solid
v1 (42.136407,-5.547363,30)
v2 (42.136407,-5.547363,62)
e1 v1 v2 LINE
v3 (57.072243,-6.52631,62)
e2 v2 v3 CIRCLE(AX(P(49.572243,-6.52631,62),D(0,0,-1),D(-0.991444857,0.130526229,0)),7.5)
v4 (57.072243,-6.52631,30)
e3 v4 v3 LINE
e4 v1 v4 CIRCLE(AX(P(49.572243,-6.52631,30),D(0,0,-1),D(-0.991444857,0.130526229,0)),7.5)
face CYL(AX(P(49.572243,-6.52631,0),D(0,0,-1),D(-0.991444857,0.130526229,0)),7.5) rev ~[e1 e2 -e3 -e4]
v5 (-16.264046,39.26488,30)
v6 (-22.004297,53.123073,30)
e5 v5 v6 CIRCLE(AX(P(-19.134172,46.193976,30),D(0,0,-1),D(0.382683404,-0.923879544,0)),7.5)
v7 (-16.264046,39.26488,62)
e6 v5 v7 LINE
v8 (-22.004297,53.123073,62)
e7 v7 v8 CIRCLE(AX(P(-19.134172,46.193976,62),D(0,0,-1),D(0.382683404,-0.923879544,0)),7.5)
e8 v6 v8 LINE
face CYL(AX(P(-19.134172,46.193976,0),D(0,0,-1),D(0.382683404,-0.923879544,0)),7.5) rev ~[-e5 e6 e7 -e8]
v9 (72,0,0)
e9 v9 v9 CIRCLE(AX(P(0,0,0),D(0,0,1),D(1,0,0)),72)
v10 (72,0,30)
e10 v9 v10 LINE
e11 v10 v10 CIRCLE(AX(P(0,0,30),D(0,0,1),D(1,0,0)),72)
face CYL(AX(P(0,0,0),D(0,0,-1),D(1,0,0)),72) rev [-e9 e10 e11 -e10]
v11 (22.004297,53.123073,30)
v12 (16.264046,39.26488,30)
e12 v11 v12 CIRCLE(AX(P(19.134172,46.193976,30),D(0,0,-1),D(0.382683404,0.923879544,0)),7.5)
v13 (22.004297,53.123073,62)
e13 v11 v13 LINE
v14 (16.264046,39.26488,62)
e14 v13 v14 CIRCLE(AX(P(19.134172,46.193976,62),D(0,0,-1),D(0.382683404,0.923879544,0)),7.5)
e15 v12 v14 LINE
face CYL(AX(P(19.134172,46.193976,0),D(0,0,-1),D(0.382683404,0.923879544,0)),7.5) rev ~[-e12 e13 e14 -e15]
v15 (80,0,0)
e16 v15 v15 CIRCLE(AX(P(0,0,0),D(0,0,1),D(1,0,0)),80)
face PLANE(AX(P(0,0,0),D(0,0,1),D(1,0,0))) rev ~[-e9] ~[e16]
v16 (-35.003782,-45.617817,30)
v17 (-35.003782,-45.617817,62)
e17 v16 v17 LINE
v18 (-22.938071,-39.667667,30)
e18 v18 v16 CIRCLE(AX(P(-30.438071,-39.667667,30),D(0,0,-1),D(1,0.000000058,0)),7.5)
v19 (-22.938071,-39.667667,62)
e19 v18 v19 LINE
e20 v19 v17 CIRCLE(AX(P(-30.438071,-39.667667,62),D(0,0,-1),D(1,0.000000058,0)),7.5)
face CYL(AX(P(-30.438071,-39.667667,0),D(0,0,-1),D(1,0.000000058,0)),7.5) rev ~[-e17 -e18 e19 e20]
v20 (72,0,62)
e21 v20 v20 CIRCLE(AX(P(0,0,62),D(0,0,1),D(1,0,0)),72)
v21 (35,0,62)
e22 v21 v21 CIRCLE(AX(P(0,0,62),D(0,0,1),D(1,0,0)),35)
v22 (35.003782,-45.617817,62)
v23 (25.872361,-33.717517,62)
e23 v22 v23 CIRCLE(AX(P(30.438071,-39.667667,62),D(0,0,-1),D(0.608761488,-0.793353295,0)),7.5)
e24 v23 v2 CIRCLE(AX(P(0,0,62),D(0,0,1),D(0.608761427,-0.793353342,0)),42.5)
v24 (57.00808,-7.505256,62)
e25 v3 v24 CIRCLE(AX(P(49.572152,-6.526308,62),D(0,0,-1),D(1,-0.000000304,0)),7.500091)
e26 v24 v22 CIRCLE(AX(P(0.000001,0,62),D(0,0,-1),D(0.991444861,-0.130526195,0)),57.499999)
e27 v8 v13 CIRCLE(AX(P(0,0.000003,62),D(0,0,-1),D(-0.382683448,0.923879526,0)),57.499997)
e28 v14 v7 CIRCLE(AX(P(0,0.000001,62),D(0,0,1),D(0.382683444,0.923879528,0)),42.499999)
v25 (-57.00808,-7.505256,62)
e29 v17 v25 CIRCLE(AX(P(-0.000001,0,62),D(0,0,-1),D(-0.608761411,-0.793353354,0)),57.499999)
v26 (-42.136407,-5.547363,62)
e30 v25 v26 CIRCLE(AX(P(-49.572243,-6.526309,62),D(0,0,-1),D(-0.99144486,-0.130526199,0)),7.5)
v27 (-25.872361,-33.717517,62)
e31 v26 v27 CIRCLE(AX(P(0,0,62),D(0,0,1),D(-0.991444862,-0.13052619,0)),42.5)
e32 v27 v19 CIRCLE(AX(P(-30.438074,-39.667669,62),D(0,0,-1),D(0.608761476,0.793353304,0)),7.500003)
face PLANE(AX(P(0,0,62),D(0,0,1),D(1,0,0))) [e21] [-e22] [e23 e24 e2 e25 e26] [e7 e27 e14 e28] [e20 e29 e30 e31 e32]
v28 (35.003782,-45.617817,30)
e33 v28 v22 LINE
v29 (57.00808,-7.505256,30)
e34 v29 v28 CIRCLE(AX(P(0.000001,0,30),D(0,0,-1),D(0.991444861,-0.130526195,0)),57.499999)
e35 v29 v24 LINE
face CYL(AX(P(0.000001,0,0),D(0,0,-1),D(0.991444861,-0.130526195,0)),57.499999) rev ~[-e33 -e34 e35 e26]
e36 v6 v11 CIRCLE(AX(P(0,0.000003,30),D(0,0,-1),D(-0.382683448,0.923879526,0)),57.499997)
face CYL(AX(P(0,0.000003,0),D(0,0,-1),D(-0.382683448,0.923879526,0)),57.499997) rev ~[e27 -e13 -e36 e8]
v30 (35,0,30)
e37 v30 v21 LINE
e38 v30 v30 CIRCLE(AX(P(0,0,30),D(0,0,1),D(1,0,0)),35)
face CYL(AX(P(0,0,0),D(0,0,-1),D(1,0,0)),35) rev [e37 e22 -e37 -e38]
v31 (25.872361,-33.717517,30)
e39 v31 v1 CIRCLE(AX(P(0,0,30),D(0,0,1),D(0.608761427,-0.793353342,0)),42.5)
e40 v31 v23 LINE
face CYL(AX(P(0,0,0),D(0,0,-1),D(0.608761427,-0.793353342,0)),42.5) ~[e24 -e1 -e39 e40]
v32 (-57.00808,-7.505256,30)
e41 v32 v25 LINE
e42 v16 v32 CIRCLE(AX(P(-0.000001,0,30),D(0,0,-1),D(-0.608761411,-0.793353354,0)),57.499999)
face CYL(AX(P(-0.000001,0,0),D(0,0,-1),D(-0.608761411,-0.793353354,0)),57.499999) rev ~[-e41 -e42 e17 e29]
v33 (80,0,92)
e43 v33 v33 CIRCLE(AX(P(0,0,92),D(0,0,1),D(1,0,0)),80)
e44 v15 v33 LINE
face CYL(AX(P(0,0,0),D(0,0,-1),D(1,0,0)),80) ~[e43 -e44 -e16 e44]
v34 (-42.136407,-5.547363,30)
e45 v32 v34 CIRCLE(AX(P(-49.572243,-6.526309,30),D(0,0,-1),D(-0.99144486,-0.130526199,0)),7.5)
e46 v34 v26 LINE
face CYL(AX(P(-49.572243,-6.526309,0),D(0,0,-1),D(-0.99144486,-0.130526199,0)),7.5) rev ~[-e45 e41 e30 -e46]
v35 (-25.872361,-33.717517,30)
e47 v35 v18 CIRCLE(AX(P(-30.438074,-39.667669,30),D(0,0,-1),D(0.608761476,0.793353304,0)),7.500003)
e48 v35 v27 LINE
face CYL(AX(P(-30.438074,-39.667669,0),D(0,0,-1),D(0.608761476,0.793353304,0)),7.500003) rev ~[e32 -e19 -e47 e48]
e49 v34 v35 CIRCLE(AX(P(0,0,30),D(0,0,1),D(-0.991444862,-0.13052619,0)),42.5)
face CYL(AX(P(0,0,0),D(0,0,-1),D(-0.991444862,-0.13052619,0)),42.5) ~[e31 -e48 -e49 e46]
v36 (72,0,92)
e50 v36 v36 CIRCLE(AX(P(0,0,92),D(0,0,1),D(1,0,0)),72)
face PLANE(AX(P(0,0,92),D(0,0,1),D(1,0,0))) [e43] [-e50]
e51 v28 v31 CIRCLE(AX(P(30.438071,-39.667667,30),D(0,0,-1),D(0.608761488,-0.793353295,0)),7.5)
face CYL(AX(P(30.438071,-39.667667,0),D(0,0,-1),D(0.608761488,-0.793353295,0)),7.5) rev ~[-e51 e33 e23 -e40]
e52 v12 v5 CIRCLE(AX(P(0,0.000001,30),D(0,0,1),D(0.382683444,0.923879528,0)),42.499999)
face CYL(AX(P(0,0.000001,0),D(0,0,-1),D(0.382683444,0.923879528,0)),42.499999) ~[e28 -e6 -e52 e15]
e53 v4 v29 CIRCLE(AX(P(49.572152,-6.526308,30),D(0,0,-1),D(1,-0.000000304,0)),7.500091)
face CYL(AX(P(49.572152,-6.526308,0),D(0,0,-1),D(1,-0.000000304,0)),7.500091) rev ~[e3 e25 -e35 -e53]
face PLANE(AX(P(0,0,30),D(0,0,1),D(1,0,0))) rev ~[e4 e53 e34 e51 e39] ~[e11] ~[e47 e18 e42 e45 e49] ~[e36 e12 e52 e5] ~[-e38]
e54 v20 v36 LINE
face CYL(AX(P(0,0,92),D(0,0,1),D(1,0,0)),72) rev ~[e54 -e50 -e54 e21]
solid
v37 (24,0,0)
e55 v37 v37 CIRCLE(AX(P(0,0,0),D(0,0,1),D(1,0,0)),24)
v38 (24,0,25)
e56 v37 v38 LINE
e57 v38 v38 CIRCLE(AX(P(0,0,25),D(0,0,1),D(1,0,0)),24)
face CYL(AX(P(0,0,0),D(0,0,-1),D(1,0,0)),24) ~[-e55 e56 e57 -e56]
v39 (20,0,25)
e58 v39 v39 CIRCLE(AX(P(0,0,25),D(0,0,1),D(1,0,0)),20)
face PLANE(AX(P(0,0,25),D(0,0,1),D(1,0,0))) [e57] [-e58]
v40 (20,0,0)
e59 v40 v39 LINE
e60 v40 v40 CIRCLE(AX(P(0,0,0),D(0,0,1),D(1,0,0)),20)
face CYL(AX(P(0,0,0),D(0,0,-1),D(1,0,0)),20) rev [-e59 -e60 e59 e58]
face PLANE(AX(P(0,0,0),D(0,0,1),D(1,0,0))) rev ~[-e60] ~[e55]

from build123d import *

# Parameters (mm, degrees)
F0_R      = 80
F0_R_2    = 72
F1_DEPTH  = 92
F0_R_3    = 35
F2_DEPTH  = 92
F3_DEPTH  = 30
F4_R      = 72
F4_R_2    = 35
F5_DEPTH  = 30
F6_R      = 72
F6_R_2    = 35
F7_DEPTH  = 25
F8_DEPTH  = 30
F9_R      = 24
F9_R_2    = 20
F10_DEPTH = 25


with BuildPart() as f1:
    # F0 (on Top) → F1 (new body)
    with BuildSketch(Plane.XY):
        Circle(F0_R)
        Circle(F0_R_2, mode=Mode.SUBTRACT)
    extrude(amount=F1_DEPTH)

    # F0 (on Top) → F2 (join)
    with BuildSketch(Plane.XY):
        Circle(F0_R)
        Circle(F0_R_2, mode=Mode.SUBTRACT)
        Circle(F0_R_2)
        with BuildLine():
            ThreePointArc((-25.872361, -33.717517), (-23.711526, -36.350502), (-22.938071, -39.667667))
            ThreePointArc((-22.938071, -39.667667), (-27.120906, -46.394213), (-35.003782, -45.617817))
            ThreePointArc((-35.003782, -45.617817), (-49.796461, -28.75), (-57.00808, -7.505256))
            ThreePointArc((-57.00808, -7.505256), (-50.55119, 0.909527), (-42.136407, -5.547363))
            ThreePointArc((-42.136407, -5.547363), (-36.80608, -21.25), (-25.872361, -33.717517))
        make_face(mode=Mode.SUBTRACT)
        with BuildLine():
            ThreePointArc((42.136407, -5.547363), (50.062767, 0.957632), (57.072243, -6.52631))
            ThreePointArc((57.072243, -6.52631), (57.056185, -7.016833), (57.00808, -7.505256))
            ThreePointArc((57.00808, -7.505256), (49.796461, -28.75), (35.003782, -45.617817))
            ThreePointArc((35.003782, -45.617817), (24.487921, -44.233378), (25.872361, -33.717517))
            ThreePointArc((25.872361, -33.717517), (36.80608, -21.25), (42.136407, -5.547363))
        make_face(mode=Mode.SUBTRACT)
        with BuildLine():
            ThreePointArc((-16.264046, 39.26488), (-26.063268, 43.323851), (-22.004297, 53.123073))
            ThreePointArc((-22.004297, 53.123073), (0, 57.5), (22.004297, 53.123073))
            ThreePointArc((22.004297, 53.123073), (26.063268, 43.323851), (16.264046, 39.26488))
            ThreePointArc((16.264046, 39.26488), (0, 42.5), (-16.264046, 39.26488))
        make_face(mode=Mode.SUBTRACT)
        Circle(F0_R_3, mode=Mode.SUBTRACT)
    extrude(amount=F2_DEPTH)

    # F0 (on Top) → F3 (cut)
    with BuildSketch(Plane.XY):
        Circle(F0_R_2)
        with BuildLine():
            ThreePointArc((-25.872361, -33.717517), (-23.711526, -36.350502), (-22.938071, -39.667667))
            ThreePointArc((-22.938071, -39.667667), (-27.120906, -46.394213), (-35.003782, -45.617817))
            ThreePointArc((-35.003782, -45.617817), (-49.796461, -28.75), (-57.00808, -7.505256))
            ThreePointArc((-57.00808, -7.505256), (-50.55119, 0.909527), (-42.136407, -5.547363))
            ThreePointArc((-42.136407, -5.547363), (-36.80608, -21.25), (-25.872361, -33.717517))
        make_face(mode=Mode.SUBTRACT)
        with BuildLine():
            ThreePointArc((42.136407, -5.547363), (50.062767, 0.957632), (57.072243, -6.52631))
            ThreePointArc((57.072243, -6.52631), (57.056185, -7.016833), (57.00808, -7.505256))
            ThreePointArc((57.00808, -7.505256), (49.796461, -28.75), (35.003782, -45.617817))
            ThreePointArc((35.003782, -45.617817), (24.487921, -44.233378), (25.872361, -33.717517))
            ThreePointArc((25.872361, -33.717517), (36.80608, -21.25), (42.136407, -5.547363))
        make_face(mode=Mode.SUBTRACT)
        with BuildLine():
            ThreePointArc((-16.264046, 39.26488), (-26.063268, 43.323851), (-22.004297, 53.123073))
            ThreePointArc((-22.004297, 53.123073), (0, 57.5), (22.004297, 53.123073))
            ThreePointArc((22.004297, 53.123073), (26.063268, 43.323851), (16.264046, 39.26488))
            ThreePointArc((16.264046, 39.26488), (0, 42.5), (-16.264046, 39.26488))
        make_face(mode=Mode.SUBTRACT)
        Circle(F0_R_3, mode=Mode.SUBTRACT)
    extrude(amount=F3_DEPTH, mode=Mode.SUBTRACT)

    # F4 (on face) → F5 (cut)
    with BuildSketch(Plane.XY):
        Circle(F4_R)
        with BuildLine():
            ThreePointArc((-57.00808, -7.505256), (-50.55119, 0.909527), (-42.136407, -5.547363))
            ThreePointArc((-42.136407, -5.547363), (-36.80608, -21.25), (-25.872361, -33.717517))
            ThreePointArc((-25.872361, -33.717517), (-23.711526, -36.350502), (-22.938071, -39.667667))
            ThreePointArc((-22.938071, -39.667667), (-27.120906, -46.394213), (-35.003782, -45.617817))
            ThreePointArc((-35.003782, -45.617817), (-49.796461, -28.75), (-57.00808, -7.505256))
        make_face(mode=Mode.SUBTRACT)
        with BuildLine():
            ThreePointArc((35.003782, -45.617817), (24.487921, -44.233378), (25.872361, -33.717517))
            ThreePointArc((25.872361, -33.717517), (36.80608, -21.25), (42.136407, -5.547363))
            ThreePointArc((42.136407, -5.547363), (50.062767, 0.957632), (57.072243, -6.52631))
            ThreePointArc((57.072243, -6.52631), (57.056185, -7.016833), (57.00808, -7.505256))
            ThreePointArc((57.00808, -7.505256), (49.796461, -28.75), (35.003782, -45.617817))
        make_face(mode=Mode.SUBTRACT)
        with BuildLine():
            ThreePointArc((22.004297, 53.123073), (26.063268, 43.323851), (16.264046, 39.26488))
            ThreePointArc((16.264046, 39.26488), (0, 42.5), (-16.264046, 39.26488))
            ThreePointArc((-16.264046, 39.26488), (-26.063268, 43.323851), (-22.004297, 53.123073))
            ThreePointArc((-22.004297, 53.123073), (0, 57.5), (22.004297, 53.123073))
        make_face(mode=Mode.SUBTRACT)
        Circle(F4_R_2, mode=Mode.SUBTRACT)
    extrude(amount=F5_DEPTH, mode=Mode.SUBTRACT)

    # F6 (on face) → F7 (cut)
    with BuildSketch(Plane.XY.offset(92)):
        Circle(F6_R)
        with BuildLine():
            ThreePointArc((-57.00808, -7.505256), (-50.55119, 0.909527), (-42.136407, -5.547363))
            ThreePointArc((-42.136407, -5.547363), (-36.80608, -21.25), (-25.872361, -33.717517))
            ThreePointArc((-25.872361, -33.717517), (-23.711526, -36.350502), (-22.938071, -39.667667))
            ThreePointArc((-22.938071, -39.667667), (-27.120906, -46.394213), (-35.003782, -45.617817))
            ThreePointArc((-35.003782, -45.617817), (-49.796461, -28.75), (-57.00808, -7.505256))
        make_face(mode=Mode.SUBTRACT)
        with BuildLine():
            ThreePointArc((35.003782, -45.617817), (24.487921, -44.233378), (25.872361, -33.717517))
            ThreePointArc((25.872361, -33.717517), (36.80608, -21.25), (42.136407, -5.547363))
            ThreePointArc((42.136407, -5.547363), (50.062767, 0.957632), (57.072243, -6.52631))
            ThreePointArc((57.072243, -6.52631), (57.056185, -7.016833), (57.00808, -7.505256))
            ThreePointArc((57.00808, -7.505256), (49.796461, -28.75), (35.003782, -45.617817))
        make_face(mode=Mode.SUBTRACT)
        with BuildLine():
            ThreePointArc((-22.004297, 53.123073), (0, 57.5), (22.004297, 53.123073))
            ThreePointArc((22.004297, 53.123073), (26.063268, 43.323851), (16.264046, 39.26488))
            ThreePointArc((16.264046, 39.26488), (0, 42.5), (-16.264046, 39.26488))
            ThreePointArc((-16.264046, 39.26488), (-26.063268, 43.323851), (-22.004297, 53.123073))
        make_face(mode=Mode.SUBTRACT)
        Circle(F6_R_2, mode=Mode.SUBTRACT)
    extrude(amount=-F7_DEPTH, mode=Mode.SUBTRACT)

    # F6 (on face) → F8 (cut)
    with BuildSketch(Plane.XY.offset(92)):
        Circle(F6_R)
        with BuildLine():
            ThreePointArc((-57.00808, -7.505256), (-50.55119, 0.909527), (-42.136407, -5.547363))
            ThreePointArc((-42.136407, -5.547363), (-36.80608, -21.25), (-25.872361, -33.717517))
            ThreePointArc((-25.872361, -33.717517), (-23.711526, -36.350502), (-22.938071, -39.667667))
            ThreePointArc((-22.938071, -39.667667), (-27.120906, -46.394213), (-35.003782, -45.617817))
            ThreePointArc((-35.003782, -45.617817), (-49.796461, -28.75), (-57.00808, -7.505256))
        make_face(mode=Mode.SUBTRACT)
        with BuildLine():
            ThreePointArc((35.003782, -45.617817), (24.487921, -44.233378), (25.872361, -33.717517))
            ThreePointArc((25.872361, -33.717517), (36.80608, -21.25), (42.136407, -5.547363))
            ThreePointArc((42.136407, -5.547363), (50.062767, 0.957632), (57.072243, -6.52631))
            ThreePointArc((57.072243, -6.52631), (57.056185, -7.016833), (57.00808, -7.505256))
            ThreePointArc((57.00808, -7.505256), (49.796461, -28.75), (35.003782, -45.617817))
        make_face(mode=Mode.SUBTRACT)
        with BuildLine():
            ThreePointArc((-22.004297, 53.123073), (0, 57.5), (22.004297, 53.123073))
            ThreePointArc((22.004297, 53.123073), (26.063268, 43.323851), (16.264046, 39.26488))
            ThreePointArc((16.264046, 39.26488), (0, 42.5), (-16.264046, 39.26488))
            ThreePointArc((-16.264046, 39.26488), (-26.063268, 43.323851), (-22.004297, 53.123073))
        make_face(mode=Mode.SUBTRACT)
        Circle(F6_R_2, mode=Mode.SUBTRACT)
    extrude(amount=-F8_DEPTH, mode=Mode.SUBTRACT)


with BuildPart() as f10:
    # F9 (on face) → F10 (new body)
    with BuildSketch(Plane.XY):
        Circle(F9_R)
        Circle(F9_R_2, mode=Mode.SUBTRACT)
    extrude(amount=F10_DEPTH)


solid = Compound([f1.part, f10.part])
